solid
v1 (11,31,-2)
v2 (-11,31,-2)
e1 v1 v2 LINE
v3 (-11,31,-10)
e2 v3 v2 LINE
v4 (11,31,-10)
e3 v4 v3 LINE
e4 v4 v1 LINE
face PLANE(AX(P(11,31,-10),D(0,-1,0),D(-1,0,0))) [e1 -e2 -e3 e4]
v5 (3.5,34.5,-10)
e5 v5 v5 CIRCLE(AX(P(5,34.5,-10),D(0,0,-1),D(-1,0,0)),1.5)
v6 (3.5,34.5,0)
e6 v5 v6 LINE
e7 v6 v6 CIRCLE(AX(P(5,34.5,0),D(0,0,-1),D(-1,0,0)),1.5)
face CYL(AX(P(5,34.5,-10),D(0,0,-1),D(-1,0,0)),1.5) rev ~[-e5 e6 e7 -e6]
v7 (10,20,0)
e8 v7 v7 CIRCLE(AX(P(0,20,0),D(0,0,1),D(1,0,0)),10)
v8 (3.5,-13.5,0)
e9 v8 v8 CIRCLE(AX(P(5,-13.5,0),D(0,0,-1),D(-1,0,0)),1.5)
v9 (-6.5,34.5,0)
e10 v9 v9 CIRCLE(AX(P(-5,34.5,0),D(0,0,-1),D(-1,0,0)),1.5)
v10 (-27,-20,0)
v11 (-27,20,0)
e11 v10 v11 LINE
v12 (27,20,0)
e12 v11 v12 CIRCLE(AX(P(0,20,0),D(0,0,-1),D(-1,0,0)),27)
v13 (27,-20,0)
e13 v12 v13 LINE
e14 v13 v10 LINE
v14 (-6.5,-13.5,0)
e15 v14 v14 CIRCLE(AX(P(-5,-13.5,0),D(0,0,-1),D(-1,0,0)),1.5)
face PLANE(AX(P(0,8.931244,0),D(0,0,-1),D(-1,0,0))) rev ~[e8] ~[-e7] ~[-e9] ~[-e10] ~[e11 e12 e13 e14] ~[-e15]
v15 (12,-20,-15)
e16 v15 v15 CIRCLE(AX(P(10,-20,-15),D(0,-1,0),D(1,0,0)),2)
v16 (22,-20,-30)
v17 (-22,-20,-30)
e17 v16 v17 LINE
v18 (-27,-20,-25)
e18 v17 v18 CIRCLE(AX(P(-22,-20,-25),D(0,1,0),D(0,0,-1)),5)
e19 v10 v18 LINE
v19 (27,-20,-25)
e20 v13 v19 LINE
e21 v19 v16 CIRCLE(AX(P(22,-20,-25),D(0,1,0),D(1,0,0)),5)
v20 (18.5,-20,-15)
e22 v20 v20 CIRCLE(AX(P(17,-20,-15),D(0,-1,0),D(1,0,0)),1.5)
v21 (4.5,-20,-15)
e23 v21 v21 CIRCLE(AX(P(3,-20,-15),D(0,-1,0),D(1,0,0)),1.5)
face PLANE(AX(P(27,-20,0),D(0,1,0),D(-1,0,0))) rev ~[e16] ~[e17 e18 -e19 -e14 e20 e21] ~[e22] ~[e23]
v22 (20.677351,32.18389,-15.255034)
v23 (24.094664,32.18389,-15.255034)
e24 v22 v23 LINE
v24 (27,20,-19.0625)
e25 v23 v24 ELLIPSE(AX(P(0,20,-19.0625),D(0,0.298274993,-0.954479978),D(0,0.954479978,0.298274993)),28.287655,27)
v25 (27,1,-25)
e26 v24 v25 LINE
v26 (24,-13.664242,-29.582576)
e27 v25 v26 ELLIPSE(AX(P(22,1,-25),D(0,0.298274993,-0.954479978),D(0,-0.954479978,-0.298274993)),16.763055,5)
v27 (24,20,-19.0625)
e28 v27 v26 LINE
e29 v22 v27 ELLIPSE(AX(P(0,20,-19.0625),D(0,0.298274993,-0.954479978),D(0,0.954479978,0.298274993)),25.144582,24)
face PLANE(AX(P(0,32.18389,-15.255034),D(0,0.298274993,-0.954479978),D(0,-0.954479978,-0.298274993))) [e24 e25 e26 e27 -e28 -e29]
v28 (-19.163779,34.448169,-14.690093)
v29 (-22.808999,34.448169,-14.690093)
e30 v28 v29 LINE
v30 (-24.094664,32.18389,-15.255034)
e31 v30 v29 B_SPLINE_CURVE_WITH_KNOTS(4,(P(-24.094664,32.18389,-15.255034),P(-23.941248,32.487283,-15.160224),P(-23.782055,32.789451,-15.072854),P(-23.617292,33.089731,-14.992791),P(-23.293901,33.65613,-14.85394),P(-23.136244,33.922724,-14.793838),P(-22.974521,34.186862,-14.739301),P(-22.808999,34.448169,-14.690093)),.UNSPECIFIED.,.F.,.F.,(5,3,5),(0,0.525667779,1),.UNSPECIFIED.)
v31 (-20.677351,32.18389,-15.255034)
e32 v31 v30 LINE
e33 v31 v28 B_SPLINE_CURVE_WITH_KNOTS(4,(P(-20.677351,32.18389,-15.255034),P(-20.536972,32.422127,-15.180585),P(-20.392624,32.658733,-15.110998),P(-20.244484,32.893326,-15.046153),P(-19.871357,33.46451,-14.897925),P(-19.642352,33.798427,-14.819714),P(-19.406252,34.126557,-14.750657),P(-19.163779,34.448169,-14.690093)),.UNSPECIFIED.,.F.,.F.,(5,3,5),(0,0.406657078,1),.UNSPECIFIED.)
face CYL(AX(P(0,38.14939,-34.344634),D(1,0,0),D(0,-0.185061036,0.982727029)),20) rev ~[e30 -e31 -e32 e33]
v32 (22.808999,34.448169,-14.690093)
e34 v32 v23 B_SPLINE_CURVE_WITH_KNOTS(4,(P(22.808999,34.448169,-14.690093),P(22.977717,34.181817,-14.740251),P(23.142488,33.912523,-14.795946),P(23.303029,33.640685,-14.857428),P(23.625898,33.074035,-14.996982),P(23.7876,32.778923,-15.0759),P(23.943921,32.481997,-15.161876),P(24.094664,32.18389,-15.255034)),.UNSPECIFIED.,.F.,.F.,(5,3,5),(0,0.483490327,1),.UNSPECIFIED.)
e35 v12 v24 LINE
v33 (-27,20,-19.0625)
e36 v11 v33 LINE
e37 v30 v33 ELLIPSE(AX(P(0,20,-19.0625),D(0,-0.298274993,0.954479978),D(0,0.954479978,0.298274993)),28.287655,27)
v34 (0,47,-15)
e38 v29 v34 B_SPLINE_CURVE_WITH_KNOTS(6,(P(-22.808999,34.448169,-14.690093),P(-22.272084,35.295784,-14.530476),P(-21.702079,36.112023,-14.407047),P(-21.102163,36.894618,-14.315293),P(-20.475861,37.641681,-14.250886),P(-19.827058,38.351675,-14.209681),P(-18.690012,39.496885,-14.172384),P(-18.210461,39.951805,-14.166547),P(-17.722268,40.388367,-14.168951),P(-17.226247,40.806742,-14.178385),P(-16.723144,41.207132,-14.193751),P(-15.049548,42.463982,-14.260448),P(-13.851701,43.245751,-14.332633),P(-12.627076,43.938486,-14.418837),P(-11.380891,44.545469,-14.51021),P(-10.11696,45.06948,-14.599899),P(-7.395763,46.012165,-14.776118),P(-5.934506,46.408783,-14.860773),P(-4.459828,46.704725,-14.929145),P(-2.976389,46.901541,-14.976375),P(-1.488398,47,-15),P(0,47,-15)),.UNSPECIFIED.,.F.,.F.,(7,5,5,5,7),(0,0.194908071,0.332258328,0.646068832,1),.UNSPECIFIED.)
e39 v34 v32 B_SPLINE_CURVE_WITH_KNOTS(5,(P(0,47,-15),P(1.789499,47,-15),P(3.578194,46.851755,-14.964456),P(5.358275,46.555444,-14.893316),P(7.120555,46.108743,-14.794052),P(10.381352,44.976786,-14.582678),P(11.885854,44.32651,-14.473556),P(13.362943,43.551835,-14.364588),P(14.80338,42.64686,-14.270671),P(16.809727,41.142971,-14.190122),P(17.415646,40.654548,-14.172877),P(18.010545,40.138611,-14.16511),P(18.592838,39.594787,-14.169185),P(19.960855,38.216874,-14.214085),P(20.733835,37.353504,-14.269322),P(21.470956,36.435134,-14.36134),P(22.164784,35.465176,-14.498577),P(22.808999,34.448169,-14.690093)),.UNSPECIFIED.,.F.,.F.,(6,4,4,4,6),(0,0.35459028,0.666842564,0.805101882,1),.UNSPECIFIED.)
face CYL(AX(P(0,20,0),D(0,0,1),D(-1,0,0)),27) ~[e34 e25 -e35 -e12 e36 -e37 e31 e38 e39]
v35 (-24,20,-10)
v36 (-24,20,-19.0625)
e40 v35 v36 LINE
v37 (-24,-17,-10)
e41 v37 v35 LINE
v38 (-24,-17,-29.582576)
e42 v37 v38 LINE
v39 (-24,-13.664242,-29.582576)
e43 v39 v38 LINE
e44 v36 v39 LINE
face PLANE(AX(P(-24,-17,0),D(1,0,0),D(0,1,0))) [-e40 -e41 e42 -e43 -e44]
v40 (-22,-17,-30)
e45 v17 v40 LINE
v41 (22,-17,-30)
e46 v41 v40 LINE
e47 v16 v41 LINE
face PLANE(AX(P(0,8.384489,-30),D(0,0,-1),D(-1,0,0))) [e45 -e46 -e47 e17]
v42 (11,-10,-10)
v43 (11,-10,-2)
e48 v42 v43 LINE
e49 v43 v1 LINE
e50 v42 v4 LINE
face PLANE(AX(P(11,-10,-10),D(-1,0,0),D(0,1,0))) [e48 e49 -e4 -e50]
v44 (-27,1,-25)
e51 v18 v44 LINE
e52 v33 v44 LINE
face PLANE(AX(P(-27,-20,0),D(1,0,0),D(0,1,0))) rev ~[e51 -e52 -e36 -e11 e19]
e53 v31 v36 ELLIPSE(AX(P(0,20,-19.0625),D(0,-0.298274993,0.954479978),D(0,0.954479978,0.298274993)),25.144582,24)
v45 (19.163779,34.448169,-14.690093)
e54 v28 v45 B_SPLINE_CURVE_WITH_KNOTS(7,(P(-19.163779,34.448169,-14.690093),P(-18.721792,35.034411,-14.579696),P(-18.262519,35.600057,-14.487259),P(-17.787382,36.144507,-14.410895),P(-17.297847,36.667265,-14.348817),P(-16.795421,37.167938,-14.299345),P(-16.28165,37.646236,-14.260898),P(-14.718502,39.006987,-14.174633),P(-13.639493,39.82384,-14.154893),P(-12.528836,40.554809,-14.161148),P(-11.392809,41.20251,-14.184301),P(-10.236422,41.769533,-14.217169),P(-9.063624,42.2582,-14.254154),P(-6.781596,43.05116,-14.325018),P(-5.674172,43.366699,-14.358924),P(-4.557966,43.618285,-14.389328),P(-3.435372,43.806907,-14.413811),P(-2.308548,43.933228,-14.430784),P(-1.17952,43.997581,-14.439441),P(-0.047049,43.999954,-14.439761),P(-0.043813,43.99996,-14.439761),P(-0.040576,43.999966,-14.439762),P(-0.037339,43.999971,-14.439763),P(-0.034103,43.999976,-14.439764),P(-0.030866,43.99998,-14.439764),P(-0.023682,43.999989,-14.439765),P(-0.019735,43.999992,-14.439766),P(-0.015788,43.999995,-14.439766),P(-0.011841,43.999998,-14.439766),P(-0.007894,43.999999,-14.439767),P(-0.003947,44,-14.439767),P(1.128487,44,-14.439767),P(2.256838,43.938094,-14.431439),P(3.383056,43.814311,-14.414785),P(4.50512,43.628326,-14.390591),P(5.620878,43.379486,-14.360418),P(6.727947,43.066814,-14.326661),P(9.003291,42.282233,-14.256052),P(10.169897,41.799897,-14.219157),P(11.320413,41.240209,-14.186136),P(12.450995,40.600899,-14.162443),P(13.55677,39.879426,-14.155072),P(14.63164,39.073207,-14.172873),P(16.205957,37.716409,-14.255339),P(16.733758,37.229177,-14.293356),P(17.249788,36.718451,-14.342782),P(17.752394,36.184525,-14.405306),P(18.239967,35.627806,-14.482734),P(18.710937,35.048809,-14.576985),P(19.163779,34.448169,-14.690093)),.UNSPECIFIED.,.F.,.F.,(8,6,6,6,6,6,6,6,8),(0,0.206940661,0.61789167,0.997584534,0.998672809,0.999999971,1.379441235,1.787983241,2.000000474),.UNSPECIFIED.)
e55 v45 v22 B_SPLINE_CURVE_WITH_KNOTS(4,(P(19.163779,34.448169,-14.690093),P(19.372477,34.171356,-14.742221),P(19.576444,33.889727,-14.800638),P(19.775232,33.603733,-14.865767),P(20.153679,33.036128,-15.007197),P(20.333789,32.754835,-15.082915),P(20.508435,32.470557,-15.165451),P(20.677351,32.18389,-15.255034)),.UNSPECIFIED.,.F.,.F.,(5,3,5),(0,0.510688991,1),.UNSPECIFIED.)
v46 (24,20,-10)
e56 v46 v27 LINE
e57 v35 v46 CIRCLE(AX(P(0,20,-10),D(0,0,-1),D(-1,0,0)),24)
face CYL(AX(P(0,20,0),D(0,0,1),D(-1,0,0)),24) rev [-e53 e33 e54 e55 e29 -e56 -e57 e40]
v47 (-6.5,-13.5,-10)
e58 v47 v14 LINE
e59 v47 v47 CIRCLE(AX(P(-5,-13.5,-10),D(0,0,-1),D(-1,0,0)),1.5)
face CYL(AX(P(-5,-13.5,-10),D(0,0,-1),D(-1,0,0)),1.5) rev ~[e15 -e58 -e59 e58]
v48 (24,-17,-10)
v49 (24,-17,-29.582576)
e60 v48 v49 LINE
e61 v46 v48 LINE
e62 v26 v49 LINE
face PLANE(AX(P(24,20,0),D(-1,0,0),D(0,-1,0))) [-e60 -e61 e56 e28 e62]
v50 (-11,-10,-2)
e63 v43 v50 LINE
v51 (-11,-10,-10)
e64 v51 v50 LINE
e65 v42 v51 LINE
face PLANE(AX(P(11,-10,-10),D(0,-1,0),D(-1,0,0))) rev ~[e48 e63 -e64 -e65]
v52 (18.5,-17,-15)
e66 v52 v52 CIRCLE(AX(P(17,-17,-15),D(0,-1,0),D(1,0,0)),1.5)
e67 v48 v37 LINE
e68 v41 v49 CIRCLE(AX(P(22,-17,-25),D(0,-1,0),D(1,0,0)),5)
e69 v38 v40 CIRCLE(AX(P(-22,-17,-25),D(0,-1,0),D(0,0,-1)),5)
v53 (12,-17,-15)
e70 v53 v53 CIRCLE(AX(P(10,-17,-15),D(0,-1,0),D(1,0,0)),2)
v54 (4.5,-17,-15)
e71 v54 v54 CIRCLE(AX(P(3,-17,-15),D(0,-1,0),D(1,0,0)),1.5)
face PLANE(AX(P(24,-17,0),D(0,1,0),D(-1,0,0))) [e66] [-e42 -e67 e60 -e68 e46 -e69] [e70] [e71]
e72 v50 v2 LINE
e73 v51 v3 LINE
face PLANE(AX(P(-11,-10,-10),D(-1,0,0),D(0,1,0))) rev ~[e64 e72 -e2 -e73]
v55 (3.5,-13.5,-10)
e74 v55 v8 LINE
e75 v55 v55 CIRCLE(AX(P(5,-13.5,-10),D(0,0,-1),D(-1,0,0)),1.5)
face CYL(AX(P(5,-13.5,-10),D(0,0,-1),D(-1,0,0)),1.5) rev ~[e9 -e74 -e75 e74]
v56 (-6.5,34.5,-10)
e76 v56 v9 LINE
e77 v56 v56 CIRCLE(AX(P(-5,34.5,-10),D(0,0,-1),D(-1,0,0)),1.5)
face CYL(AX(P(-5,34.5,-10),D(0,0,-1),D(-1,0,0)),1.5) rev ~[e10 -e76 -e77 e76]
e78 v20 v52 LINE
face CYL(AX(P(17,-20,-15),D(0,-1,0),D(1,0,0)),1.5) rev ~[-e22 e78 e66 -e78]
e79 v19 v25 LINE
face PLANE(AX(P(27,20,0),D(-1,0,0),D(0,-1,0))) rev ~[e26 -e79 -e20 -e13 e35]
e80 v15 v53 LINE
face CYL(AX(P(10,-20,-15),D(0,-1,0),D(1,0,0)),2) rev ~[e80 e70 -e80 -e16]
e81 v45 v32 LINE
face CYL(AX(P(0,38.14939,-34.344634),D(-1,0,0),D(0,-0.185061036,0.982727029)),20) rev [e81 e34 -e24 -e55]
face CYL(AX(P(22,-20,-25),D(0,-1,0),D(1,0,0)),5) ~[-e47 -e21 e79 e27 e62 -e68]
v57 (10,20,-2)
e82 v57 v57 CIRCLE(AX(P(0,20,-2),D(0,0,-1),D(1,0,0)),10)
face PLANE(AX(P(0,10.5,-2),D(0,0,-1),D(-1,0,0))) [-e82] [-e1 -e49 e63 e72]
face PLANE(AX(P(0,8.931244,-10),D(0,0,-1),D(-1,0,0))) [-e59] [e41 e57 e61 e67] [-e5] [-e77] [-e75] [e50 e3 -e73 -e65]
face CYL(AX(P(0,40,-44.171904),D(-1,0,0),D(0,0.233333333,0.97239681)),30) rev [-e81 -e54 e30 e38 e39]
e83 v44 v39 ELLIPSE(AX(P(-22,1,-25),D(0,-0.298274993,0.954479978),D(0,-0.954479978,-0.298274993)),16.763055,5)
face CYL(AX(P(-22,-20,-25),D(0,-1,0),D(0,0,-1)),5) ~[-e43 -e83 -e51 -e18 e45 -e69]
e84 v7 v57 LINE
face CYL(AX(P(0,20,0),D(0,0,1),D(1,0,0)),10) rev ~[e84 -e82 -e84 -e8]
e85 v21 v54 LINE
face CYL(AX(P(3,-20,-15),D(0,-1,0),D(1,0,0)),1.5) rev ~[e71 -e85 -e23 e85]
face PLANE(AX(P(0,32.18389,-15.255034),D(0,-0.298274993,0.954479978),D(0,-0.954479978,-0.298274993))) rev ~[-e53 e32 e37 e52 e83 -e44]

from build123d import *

# Parameters (mm, degrees)
BOSS_EXTRUDE1_DEPTH     = 30
SKETCH3_4_R             = 10
BOSS_EXTRUDE2_DEPTH     = 10
SKETCH4_R               = 1.5
SKETCH4_R_2             = 2
CUT_EXTRUDE1_DEPTH      = 10
CUT_EXTRUDE2_DEPTH      = 28
CUT_EXTRUDE2_DEPTH_BACK = 28
SKETCH6_W               = 22
SKETCH6_H               = 41
SKETCH6_R               = 10
CUT_EXTRUDE3_DEPTH      = 8
SKETCH6_3_R             = 1.5
CUT_EXTRUDE4_DEPTH      = 11.0000001
CUT_EXTRUDE5_DEPTH      = 68.0000001


with BuildPart() as part:
    # Sketch3 → Boss-Extrude1 (new body)
    with BuildSketch(Plane.XY):
        with BuildLine():
            ThreePointArc((-27, 20), (0, 47), (27, 20))
            Line((27, 20), (27, -20))
            Line((27, -20), (-27, -20))
            Line((-27, -20), (-27, 20))
        make_face()
        with BuildLine():
            Line((-24, -17), (-24, 20))
            ThreePointArc((-24, 20), (0, 44), (24, 20))
            Line((24, 20), (24, -17))
            Line((24, -17), (-24, -17))
        make_face(mode=Mode.SUBTRACT)
    extrude(amount=-BOSS_EXTRUDE1_DEPTH)

    # Sketch3<4> → Boss-Extrude2 (add)
    with BuildSketch(Plane.XY):
        with BuildLine():
            ThreePointArc((-24, 20), (0, 44), (24, 20))
            Line((24, 20), (24, -17))
            Line((24, -17), (-24, -17))
            Line((-24, -17), (-24, 20))
        make_face()
        with Locations((0, 20)):
            Circle(SKETCH3_4_R, mode=Mode.SUBTRACT)
    extrude(amount=-BOSS_EXTRUDE2_DEPTH)

    # Sketch4 → Cut-Extrude1 (cut)
    with BuildSketch(Plane.XZ.offset(20)):
        with Locations((3, -15)):
            Circle(SKETCH4_R)
        with Locations((17, -15)):
            Circle(SKETCH4_R)
        with Locations((10, -15)):
            Circle(SKETCH4_R_2)
    extrude(amount=-CUT_EXTRUDE1_DEPTH, mode=Mode.SUBTRACT)

    # Sketch5 → Cut-Extrude2 (cut, two sides)
    with BuildSketch(Plane(origin=(0, 0, 0), x_dir=(0, 0, -1), z_dir=(1, 0, 0))) as cut_extrude2_sk:
        with BuildLine():
            Line((15.255034443, 32.183889783), (30, -15))
            Line((30, -15), (30, 47))
            Line((30, 47), (15, 47))
            ThreePointArc((15, 47), (14.181044165, 40.740478791), (14.690093427, 34.448168938))
            ThreePointArc((14.690093427, 34.448168938), (14.93950997, 33.307782347), (15.255034443, 32.183889783))
        make_face()
    extrude(amount=CUT_EXTRUDE2_DEPTH, mode=Mode.SUBTRACT)
    extrude(cut_extrude2_sk.sketch, amount=-CUT_EXTRUDE2_DEPTH_BACK, mode=Mode.SUBTRACT)

    # Sketch6 → Cut-Extrude3 (cut)
    with BuildSketch(Plane(origin=(0, 0, -10), x_dir=(-1, 0, 0), z_dir=(0, 0, -1))):
        with Locations((0, 10.5)):
            Rectangle(SKETCH6_W, SKETCH6_H)
        with Locations((0, 20)):
            Circle(SKETCH6_R, mode=Mode.SUBTRACT)
    extrude(amount=-CUT_EXTRUDE3_DEPTH, mode=Mode.SUBTRACT)

    # Sketch6<3> → Cut-Extrude4 (cut, through all)
    with BuildSketch(Plane(origin=(0, 0, -10), x_dir=(-1, 0, 0), z_dir=(0, 0, -1))):
        with Locations((-5, 34.5)):
            Circle(SKETCH6_3_R)
        with Locations((5, 34.5)):
            Circle(SKETCH6_3_R)
        with Locations((5, -13.5)):
            Circle(SKETCH6_3_R)
        with Locations((-5, -13.5)):
            Circle(SKETCH6_3_R)
    extrude(amount=-CUT_EXTRUDE4_DEPTH, mode=Mode.SUBTRACT)

    # Sketch7 → Cut-Extrude5 (cut, through all)
    with BuildSketch(Plane.XZ.offset(20)):
        with BuildLine():
            Line((-27, -25), (-27, -30))
            Line((-27, -30), (-22, -30))
            ThreePointArc((-22, -30), (-25.535533906, -28.535533906), (-27, -25))
        make_face()
        with BuildLine():
            Line((22, -30), (27, -30))
            Line((27, -30), (27, -25))
            ThreePointArc((27, -25), (25.535533906, -28.535533906), (22, -30))
        make_face()
    extrude(amount=-CUT_EXTRUDE5_DEPTH, mode=Mode.SUBTRACT)


solid = part.part
